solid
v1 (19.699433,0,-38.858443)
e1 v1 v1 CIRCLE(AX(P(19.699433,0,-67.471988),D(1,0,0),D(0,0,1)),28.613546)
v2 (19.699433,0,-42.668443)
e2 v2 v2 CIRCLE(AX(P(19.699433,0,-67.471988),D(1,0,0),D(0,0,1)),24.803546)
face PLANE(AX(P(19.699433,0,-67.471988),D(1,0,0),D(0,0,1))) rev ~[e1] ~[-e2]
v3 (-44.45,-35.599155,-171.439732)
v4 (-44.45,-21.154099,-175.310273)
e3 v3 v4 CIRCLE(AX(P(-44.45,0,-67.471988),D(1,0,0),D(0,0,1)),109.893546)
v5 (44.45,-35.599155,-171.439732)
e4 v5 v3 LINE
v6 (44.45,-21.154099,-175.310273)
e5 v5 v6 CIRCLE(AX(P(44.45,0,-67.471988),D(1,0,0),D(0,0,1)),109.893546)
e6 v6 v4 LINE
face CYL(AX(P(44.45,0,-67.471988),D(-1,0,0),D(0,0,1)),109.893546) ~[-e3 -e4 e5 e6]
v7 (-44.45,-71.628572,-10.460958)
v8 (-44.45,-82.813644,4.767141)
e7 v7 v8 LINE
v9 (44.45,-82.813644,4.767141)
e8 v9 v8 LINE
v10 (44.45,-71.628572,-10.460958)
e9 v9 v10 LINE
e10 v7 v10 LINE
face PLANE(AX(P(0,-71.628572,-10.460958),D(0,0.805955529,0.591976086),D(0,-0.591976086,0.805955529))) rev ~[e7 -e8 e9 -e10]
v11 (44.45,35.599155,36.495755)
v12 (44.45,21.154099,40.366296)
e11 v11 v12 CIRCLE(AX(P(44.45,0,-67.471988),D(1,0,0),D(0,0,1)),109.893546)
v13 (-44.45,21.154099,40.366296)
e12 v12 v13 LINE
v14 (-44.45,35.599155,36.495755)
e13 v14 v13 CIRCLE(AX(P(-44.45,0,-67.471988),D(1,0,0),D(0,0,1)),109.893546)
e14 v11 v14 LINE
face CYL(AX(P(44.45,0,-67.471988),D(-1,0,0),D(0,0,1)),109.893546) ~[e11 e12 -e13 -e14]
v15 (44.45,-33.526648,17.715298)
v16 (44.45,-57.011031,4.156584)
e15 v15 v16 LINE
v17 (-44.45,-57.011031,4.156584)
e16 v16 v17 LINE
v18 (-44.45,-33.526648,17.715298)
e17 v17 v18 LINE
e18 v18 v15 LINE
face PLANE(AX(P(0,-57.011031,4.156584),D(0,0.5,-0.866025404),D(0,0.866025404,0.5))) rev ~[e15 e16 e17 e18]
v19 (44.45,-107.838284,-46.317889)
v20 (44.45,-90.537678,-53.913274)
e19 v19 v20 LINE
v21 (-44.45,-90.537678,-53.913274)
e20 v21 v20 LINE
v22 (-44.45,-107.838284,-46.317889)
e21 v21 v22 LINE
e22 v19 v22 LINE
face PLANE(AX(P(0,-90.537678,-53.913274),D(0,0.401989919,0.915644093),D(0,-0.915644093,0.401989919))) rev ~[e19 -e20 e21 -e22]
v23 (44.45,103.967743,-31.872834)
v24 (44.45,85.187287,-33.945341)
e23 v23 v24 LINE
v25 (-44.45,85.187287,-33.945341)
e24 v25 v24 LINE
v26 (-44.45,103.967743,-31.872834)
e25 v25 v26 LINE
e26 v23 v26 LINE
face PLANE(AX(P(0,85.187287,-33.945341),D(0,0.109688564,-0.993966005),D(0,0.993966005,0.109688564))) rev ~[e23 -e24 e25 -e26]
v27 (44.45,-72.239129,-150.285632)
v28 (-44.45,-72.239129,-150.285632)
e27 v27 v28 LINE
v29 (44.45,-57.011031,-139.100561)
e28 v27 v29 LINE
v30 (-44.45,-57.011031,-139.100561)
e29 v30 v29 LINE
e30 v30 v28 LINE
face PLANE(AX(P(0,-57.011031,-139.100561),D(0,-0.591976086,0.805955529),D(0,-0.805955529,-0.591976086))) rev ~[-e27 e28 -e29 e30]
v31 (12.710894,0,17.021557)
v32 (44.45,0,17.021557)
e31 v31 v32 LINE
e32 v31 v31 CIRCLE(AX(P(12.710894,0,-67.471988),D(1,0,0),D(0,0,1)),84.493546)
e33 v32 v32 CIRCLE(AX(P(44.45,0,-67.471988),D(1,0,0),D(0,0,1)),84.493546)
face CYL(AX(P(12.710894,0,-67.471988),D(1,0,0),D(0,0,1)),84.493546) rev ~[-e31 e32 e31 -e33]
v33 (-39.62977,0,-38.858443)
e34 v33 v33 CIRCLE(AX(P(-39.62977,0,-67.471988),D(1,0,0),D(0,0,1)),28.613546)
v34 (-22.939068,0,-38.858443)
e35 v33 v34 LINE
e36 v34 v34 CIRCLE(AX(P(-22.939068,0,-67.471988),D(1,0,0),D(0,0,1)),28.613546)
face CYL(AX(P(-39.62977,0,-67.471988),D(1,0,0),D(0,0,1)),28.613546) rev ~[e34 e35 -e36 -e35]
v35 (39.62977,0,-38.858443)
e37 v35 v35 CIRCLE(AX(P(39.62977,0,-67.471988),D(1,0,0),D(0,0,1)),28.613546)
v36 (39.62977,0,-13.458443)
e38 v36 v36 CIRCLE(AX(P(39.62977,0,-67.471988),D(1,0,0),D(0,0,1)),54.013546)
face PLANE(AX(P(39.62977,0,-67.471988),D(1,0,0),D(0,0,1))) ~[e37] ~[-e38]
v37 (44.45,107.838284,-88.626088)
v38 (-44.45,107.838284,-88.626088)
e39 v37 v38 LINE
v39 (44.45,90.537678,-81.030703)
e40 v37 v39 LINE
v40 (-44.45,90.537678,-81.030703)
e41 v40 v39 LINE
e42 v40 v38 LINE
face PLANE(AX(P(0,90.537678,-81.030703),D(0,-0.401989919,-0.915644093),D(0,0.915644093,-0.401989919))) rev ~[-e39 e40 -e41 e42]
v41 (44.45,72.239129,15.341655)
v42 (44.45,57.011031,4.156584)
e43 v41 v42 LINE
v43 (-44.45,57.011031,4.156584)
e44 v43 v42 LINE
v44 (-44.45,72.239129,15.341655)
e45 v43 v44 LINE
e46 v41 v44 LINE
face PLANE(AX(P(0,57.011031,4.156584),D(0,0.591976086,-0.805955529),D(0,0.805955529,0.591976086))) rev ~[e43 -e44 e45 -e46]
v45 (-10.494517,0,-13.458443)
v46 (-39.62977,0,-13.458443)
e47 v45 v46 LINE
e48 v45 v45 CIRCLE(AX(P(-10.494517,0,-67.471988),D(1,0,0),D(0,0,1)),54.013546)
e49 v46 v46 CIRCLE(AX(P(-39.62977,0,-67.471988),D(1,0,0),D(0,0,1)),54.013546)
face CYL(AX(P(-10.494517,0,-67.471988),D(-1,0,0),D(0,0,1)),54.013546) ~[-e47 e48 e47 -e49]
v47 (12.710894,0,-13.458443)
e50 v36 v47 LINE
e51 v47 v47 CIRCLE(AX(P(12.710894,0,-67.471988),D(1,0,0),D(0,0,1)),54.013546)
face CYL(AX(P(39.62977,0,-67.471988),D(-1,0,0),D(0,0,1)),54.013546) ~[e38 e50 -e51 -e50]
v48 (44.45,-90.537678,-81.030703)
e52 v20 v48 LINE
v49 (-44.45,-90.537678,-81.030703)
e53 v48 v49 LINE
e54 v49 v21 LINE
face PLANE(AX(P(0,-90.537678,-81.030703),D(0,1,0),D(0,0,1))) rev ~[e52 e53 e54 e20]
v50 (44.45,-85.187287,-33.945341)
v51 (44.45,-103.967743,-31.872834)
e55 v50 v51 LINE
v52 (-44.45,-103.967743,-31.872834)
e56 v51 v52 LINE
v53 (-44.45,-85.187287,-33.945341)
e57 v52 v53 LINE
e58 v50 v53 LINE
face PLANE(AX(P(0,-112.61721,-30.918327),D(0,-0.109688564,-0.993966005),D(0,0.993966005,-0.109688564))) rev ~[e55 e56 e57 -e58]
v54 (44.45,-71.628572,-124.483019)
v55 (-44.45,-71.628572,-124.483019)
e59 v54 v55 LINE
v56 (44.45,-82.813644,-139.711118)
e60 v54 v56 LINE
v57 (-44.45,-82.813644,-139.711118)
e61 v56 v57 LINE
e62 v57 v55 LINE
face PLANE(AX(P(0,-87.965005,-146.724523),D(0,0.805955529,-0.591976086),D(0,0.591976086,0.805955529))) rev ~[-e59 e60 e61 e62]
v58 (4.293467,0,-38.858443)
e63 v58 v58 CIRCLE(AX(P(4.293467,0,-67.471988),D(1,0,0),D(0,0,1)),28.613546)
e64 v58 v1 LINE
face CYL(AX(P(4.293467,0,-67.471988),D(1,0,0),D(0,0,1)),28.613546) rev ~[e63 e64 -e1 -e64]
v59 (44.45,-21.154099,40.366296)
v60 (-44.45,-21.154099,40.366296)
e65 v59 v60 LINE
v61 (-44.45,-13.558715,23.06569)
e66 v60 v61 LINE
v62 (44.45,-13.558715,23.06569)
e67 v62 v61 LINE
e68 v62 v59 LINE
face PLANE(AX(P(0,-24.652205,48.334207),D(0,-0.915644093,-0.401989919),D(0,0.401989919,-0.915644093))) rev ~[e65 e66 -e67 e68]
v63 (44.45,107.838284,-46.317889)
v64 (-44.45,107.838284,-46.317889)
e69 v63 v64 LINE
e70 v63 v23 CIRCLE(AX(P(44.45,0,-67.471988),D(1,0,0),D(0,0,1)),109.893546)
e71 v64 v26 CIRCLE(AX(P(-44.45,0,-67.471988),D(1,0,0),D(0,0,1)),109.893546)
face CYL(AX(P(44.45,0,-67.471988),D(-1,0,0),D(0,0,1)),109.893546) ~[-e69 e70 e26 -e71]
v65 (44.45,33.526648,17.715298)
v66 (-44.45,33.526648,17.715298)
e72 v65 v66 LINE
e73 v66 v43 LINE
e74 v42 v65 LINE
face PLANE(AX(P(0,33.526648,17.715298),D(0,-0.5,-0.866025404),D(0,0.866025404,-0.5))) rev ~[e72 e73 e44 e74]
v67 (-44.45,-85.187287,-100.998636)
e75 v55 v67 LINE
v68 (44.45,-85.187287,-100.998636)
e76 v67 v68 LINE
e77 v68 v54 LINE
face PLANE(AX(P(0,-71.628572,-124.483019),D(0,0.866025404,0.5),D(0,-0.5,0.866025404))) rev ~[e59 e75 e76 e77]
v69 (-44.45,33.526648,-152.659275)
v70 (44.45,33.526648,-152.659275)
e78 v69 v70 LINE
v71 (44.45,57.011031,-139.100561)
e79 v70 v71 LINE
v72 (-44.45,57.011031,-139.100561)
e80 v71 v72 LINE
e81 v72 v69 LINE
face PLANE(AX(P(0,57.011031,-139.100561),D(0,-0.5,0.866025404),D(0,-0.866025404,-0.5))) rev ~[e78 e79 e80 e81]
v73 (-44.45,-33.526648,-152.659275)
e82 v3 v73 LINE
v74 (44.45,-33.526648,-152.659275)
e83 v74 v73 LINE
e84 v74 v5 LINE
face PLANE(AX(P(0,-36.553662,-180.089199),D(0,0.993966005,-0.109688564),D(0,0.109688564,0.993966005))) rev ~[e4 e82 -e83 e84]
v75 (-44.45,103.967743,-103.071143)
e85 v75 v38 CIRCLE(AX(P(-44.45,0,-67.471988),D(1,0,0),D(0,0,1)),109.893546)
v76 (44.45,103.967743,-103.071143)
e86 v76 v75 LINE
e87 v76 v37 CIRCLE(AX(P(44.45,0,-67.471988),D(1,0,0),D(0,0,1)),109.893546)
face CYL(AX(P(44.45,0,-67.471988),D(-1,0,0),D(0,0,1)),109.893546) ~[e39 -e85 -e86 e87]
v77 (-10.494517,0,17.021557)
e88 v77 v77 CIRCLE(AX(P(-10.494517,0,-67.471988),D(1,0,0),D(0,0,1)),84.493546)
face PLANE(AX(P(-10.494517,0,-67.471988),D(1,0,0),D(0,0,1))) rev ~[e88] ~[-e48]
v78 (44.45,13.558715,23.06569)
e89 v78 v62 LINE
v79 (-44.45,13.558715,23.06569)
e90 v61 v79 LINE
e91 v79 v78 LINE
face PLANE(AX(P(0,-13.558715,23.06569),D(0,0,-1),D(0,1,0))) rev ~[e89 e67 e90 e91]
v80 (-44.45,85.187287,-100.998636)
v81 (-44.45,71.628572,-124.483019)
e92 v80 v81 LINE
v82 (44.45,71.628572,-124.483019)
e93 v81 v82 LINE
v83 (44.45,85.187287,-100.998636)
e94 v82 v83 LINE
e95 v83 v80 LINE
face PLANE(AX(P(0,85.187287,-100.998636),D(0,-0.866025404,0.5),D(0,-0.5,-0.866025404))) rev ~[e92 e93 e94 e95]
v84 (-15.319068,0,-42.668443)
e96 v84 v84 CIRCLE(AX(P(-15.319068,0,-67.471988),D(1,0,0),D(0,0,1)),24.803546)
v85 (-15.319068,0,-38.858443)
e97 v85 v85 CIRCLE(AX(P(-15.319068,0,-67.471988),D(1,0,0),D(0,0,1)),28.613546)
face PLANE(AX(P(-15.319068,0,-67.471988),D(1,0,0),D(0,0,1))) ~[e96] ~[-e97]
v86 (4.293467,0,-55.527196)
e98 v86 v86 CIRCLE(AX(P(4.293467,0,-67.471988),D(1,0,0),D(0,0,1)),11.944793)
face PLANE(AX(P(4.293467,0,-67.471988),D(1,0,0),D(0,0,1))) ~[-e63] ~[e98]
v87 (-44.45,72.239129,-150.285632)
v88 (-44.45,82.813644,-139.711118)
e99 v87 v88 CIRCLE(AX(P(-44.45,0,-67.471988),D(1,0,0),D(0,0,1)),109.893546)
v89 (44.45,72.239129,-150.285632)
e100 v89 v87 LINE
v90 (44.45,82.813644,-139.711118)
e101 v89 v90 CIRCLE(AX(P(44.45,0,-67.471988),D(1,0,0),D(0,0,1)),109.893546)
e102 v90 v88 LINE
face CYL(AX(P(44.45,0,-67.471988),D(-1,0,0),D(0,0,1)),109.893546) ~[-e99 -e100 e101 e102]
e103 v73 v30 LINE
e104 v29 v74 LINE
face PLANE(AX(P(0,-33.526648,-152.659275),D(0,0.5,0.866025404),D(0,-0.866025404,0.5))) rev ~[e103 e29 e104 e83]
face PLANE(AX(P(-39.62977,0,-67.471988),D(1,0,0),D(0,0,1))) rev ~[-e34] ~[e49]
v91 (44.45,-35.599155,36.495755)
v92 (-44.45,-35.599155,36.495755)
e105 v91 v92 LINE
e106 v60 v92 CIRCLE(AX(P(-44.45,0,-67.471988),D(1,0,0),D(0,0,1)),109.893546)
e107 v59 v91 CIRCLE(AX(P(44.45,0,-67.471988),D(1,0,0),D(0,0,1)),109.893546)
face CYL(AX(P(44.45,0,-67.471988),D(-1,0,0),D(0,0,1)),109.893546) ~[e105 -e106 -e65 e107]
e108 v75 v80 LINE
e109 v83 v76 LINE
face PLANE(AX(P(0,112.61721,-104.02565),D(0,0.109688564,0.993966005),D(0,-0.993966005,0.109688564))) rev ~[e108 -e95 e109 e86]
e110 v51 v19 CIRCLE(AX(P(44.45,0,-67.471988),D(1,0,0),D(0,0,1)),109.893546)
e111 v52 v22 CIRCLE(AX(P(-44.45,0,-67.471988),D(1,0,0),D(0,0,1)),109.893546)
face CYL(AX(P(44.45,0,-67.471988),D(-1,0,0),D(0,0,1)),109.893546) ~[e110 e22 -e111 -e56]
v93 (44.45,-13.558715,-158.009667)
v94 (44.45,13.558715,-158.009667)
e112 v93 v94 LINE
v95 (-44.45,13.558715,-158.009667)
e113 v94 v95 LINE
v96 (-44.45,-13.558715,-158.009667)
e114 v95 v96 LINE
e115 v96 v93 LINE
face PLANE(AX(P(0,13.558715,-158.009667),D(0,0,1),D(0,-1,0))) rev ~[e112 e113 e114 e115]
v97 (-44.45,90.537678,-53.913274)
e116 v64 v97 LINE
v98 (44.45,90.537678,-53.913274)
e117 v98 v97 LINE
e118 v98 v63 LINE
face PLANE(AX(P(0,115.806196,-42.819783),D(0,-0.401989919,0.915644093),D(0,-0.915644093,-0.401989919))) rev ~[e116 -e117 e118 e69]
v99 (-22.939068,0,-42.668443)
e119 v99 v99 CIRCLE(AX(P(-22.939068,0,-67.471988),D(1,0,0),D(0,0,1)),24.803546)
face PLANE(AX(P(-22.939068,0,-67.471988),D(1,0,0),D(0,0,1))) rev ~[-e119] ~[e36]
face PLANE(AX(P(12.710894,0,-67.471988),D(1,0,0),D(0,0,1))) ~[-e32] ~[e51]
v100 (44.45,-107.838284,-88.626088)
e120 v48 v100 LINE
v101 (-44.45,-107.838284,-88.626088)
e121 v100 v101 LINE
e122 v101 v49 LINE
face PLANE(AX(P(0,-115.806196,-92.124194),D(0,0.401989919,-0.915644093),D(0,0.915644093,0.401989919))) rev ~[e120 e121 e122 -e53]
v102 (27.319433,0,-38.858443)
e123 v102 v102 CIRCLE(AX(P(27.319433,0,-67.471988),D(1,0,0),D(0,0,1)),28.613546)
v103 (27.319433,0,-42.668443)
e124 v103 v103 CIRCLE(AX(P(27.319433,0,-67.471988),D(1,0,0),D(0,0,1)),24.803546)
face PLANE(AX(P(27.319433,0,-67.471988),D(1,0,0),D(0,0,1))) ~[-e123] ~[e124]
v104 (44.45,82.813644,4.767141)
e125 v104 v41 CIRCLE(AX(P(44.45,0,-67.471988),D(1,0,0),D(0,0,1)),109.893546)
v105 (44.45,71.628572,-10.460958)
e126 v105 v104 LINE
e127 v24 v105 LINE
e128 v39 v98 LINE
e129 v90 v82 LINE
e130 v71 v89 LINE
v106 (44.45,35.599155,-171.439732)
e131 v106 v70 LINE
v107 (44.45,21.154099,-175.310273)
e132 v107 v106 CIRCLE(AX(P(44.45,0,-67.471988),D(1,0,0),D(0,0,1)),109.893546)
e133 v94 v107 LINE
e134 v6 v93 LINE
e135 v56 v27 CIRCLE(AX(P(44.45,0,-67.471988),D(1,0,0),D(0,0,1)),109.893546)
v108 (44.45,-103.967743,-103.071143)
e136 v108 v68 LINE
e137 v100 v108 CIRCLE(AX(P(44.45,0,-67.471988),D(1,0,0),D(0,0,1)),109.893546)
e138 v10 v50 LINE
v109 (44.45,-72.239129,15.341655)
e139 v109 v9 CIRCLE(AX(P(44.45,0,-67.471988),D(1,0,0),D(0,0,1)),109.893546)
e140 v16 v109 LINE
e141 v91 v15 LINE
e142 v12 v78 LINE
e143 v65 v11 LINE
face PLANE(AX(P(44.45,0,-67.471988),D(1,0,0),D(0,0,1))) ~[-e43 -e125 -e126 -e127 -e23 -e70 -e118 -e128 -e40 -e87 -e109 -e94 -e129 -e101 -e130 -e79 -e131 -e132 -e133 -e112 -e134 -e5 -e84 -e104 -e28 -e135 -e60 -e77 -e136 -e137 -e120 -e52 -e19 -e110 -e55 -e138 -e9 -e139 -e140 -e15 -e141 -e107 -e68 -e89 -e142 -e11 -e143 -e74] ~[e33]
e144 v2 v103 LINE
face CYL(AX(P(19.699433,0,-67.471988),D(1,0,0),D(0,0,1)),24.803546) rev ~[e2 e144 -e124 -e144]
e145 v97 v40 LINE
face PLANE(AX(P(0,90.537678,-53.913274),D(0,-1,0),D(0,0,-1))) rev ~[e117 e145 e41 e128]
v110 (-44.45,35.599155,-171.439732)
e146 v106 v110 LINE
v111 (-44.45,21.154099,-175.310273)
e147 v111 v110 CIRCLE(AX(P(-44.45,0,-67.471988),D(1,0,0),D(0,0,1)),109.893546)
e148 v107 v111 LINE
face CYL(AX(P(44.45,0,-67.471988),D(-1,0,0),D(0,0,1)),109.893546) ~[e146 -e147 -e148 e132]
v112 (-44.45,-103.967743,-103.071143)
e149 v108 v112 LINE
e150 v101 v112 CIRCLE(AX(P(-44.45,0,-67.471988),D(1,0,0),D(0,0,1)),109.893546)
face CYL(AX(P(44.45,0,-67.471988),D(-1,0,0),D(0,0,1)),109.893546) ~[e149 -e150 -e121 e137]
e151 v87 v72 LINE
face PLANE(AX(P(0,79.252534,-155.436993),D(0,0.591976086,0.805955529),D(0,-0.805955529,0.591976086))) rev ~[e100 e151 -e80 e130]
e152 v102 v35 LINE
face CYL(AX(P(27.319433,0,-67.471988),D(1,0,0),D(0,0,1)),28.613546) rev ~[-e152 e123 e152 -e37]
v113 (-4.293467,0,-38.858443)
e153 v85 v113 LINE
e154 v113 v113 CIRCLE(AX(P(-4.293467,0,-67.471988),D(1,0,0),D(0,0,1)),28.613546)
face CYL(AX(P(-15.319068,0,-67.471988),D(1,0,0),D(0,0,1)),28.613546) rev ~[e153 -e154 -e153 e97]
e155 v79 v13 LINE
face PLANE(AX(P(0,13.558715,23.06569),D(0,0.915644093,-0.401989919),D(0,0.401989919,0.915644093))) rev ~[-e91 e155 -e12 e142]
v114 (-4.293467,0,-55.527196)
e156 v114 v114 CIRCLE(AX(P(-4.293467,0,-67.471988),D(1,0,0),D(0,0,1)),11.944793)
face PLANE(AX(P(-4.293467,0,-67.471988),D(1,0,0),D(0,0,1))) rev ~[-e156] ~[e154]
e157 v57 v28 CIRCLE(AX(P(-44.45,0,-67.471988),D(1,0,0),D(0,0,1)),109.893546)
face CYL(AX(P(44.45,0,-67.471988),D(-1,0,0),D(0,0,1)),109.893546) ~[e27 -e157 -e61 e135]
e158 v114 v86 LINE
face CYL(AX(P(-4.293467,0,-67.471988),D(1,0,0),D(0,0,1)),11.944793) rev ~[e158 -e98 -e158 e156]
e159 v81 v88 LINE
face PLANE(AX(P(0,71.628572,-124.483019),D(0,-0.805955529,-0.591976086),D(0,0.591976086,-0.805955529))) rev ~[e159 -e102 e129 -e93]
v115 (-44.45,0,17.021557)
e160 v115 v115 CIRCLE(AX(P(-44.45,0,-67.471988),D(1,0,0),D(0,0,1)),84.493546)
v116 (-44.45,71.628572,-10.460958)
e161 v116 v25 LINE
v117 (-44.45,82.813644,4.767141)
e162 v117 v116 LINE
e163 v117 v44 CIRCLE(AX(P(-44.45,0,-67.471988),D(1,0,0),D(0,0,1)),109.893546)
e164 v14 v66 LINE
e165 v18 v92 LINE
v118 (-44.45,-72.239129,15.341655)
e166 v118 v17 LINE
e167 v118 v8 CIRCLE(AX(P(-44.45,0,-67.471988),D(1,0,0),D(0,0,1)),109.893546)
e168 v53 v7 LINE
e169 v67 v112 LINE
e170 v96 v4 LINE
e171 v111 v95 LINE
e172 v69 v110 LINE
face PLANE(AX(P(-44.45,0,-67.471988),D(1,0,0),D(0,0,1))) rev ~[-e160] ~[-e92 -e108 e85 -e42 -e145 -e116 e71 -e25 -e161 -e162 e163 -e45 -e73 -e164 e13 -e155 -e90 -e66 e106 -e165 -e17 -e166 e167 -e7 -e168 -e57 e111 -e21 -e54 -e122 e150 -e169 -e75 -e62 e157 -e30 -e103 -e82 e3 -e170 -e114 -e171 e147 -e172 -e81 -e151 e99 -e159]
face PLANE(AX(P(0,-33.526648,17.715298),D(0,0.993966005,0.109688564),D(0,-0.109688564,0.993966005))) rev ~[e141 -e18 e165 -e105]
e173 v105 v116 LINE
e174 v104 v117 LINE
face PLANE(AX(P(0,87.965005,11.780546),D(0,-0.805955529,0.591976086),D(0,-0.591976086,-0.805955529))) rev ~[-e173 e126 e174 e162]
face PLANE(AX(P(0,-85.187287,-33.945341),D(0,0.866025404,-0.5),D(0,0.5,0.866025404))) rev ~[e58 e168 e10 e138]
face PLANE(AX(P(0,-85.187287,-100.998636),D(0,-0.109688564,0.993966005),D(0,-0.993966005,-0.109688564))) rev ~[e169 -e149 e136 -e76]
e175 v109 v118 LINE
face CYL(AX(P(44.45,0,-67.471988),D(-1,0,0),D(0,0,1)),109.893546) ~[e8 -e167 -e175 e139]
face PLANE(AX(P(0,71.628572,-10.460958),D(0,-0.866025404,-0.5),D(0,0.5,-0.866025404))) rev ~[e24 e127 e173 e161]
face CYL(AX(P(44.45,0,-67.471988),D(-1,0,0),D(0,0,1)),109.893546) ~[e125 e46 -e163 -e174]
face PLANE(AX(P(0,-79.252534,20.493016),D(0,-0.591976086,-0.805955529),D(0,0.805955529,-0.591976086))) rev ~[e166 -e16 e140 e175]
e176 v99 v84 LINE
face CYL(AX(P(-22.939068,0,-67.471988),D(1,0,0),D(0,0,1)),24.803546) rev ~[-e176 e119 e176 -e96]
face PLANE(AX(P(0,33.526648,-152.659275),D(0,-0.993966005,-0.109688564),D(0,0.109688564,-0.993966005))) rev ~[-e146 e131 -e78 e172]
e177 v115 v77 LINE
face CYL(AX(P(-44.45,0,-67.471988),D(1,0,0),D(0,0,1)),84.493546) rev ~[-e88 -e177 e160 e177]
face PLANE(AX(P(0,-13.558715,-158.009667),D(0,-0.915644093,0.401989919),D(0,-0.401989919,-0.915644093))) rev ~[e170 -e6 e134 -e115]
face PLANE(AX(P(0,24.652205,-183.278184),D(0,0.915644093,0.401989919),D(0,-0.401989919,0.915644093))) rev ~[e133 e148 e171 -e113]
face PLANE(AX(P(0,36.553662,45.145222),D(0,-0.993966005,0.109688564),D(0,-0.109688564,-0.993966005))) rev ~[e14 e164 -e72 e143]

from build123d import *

# Parameters (mm, degrees)
F3_DEPTH = 45.72
F4_COUNT = 12


with BuildPart() as f1:
    # F0 (on Front) → F1 (revolve)
    with BuildSketch(Plane.XZ):
        Polygon((44.45, 17.0215574244), (44.45, 42.4215574244), (-44.45, 42.4215574244), (-44.45, 17.0215574244), (-10.4945171624, 17.0215574244), (-10.4945171624, -13.4584425756), (-39.6297698409, -13.4584425756), (-39.6297698409, -38.8584425756), (-22.9390684722, -38.8584425756), (-22.9390684722, -42.6684425756), (-15.3190684722, -42.6684425756), (-15.3190684722, -38.8584425756), (-4.2934667461, -38.8584425756), (-4.2934667461, -55.5271957506), (4.2934667461, -55.5271957506), (4.2934667461, -38.8584425756), (19.6994334923, -38.8584425756), (19.6994334923, -42.6684425756), (27.3194334923, -42.6684425756), (27.3194334923, -38.8584425756), (39.6297698409, -38.8584425756), (39.6297698409, -13.4584425756), (12.710894458, -13.4584425756), (12.710894458, 17.0215574244), align=None)
    revolve(axis=Axis((2.7257320471, 0, -67.4719884992), (1, 0, 0)))

    # F2 (on Right) → F3 (cut, symmetric)
    with BuildSketch(Plane.YZ):
        Polygon((-13.5587146506, 23.0656899512), (13.5587146506, 23.0656899512), (24.6522054076, 48.3342073858), (-24.6522054076, 48.3342073858), align=None)
    f3 = extrude(amount=F3_DEPTH, both=True, mode=Mode.SUBTRACT)

    # F4: F3 ×12 about axis
    f4_axis = Axis((44.45, 0, -67.4719884992), (1, 0, 0))
    for i in range(1, F4_COUNT):
        add(f3.rotate(f4_axis, i * 360 / F4_COUNT), mode=Mode.SUBTRACT)


solid = f1.part
